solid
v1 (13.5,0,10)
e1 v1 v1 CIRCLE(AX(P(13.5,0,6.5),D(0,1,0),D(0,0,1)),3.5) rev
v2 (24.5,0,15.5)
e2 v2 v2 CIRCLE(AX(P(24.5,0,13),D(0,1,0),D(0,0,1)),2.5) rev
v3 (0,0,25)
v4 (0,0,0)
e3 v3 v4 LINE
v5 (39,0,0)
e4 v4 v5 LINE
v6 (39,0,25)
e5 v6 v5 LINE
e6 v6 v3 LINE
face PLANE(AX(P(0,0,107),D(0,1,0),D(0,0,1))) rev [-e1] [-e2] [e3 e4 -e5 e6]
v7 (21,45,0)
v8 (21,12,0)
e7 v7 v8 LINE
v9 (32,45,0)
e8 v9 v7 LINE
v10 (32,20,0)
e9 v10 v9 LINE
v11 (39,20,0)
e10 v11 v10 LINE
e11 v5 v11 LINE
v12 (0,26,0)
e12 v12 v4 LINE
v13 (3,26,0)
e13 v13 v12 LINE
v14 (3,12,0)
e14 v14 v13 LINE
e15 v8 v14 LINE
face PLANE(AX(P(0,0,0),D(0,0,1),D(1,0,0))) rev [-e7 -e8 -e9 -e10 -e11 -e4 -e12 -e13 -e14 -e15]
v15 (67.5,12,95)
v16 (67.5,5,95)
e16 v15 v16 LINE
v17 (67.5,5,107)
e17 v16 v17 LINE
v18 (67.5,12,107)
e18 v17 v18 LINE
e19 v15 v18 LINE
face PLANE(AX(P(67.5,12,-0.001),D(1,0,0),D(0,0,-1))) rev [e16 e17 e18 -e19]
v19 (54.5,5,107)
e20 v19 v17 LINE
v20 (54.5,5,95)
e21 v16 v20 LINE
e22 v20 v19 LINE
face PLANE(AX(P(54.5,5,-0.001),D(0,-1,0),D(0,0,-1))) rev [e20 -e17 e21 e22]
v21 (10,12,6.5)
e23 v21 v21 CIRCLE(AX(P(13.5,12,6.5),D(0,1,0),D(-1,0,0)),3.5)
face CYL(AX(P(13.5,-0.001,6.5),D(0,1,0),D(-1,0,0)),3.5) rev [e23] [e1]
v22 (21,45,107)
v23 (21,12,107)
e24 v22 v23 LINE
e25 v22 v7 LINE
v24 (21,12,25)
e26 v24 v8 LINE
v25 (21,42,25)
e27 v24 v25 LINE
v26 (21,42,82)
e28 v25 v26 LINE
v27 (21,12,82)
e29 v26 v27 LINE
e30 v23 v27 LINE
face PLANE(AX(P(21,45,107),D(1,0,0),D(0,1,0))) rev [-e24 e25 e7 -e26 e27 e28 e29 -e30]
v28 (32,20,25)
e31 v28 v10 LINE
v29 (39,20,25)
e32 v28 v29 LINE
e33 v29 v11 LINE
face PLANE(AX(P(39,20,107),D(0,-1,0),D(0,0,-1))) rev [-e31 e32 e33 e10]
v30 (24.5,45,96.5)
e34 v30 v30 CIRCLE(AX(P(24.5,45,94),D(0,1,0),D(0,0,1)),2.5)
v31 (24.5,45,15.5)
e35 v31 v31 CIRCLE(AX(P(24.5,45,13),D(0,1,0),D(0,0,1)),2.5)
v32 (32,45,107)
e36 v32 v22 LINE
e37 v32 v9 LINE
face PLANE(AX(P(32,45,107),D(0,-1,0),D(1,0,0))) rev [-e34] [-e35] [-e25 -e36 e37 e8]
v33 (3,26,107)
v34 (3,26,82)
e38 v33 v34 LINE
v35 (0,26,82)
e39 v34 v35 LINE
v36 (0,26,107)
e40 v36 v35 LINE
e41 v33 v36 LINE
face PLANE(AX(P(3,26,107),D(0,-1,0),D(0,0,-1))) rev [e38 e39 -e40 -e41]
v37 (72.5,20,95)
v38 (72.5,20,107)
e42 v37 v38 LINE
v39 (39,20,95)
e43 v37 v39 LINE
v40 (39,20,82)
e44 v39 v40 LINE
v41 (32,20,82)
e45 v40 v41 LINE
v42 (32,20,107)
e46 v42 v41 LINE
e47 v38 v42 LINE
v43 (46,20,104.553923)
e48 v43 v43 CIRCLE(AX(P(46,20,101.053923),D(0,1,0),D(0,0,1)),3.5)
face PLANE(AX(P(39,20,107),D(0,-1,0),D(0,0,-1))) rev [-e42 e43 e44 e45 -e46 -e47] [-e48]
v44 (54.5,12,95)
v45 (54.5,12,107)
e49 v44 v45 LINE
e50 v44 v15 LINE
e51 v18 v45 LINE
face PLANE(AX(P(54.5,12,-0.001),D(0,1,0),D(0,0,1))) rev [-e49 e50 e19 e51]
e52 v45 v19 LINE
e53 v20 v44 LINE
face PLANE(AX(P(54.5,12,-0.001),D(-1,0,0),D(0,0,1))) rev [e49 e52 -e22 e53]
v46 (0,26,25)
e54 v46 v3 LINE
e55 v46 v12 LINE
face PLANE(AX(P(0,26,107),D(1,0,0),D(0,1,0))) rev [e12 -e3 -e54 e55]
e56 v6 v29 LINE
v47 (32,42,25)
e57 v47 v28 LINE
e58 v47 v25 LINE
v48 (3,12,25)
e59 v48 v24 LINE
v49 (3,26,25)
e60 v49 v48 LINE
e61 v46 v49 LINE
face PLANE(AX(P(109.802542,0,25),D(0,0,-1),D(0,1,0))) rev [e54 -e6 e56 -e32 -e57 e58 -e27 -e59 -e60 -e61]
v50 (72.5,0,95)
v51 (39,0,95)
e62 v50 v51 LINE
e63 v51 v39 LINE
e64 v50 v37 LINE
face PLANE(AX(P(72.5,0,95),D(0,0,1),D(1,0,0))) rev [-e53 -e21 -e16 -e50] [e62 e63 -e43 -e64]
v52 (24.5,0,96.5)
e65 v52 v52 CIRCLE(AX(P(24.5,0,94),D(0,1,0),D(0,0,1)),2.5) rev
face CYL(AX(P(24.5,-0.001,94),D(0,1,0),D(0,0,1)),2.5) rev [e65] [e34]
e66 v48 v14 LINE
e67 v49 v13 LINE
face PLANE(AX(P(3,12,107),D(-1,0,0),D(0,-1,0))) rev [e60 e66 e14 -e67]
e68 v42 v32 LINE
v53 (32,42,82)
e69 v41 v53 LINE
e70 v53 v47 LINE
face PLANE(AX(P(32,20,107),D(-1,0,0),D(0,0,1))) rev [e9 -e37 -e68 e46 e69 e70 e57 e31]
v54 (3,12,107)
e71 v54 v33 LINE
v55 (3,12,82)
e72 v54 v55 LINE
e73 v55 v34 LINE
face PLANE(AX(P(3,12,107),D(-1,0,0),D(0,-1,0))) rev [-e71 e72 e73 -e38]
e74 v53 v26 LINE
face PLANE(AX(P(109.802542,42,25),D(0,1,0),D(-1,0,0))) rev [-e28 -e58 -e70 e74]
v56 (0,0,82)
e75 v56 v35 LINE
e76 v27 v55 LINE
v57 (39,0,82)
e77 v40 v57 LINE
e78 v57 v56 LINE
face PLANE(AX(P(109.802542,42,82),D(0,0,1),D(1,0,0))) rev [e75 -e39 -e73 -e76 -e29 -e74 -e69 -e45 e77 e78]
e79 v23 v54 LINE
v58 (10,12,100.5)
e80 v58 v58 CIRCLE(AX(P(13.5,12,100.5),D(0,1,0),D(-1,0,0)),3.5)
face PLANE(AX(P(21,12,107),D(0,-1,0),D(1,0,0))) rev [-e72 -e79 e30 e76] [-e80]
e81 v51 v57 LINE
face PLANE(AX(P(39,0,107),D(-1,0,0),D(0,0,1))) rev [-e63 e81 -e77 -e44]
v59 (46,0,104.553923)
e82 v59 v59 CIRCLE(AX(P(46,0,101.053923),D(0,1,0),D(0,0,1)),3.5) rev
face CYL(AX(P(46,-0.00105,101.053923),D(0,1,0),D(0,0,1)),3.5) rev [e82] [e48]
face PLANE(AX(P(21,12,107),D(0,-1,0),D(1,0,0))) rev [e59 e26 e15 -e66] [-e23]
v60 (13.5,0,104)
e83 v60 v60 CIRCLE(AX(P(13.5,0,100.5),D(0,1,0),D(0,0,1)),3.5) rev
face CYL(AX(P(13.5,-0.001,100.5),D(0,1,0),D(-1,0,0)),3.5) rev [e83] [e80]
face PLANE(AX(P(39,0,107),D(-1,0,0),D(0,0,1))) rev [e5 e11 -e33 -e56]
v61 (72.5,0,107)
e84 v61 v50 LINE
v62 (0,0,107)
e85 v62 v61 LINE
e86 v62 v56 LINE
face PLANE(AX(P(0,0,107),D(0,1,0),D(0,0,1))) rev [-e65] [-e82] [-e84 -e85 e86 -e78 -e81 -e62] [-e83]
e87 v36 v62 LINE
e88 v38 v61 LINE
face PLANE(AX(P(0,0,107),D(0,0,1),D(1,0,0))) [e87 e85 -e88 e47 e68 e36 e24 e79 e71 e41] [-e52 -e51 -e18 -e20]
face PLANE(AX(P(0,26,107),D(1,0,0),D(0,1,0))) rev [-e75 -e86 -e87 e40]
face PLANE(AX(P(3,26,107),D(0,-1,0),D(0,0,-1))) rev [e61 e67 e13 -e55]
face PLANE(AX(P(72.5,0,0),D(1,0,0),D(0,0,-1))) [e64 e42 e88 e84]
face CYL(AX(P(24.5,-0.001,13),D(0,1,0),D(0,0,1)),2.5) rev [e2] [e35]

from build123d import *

# Parameters (mm, degrees)
SALIENTE_EXTRUIR1_DEPTH = 107
CROQUIS3_W              = 57
CROQUIS3_H              = 42
CORTAR_EXTRUIR1_DEPTH   = 39
CORTAR_EXTRUIR2_REACH   = 47
CROQUIS2_R              = 2.5
CORTAR_EXTRUIR3_REACH   = 14
CROQUIS4_R              = 3.5
CROQUIS5_W              = 12
CROQUIS5_H              = 20
SALIENTE_EXTRUIR2_DEPTH = 33.5
CORTAR_EXTRUIR4_REACH   = 22
CROQUIS7_R              = 3.5
CORTAR_EXTRUIR5_REACH   = 109
CROQUIS8_W              = 13
CROQUIS8_H              = 7


with BuildPart() as part:
    # Croquis1 → Saliente-Extruir1 (new body)
    with BuildSketch(Plane.XY):
        Polygon((0, 0), (39, 0), (39, 20), (32, 20), (32, 45), (21, 45), (21, 12), (3, 12), (3, 26), (0, 26), align=None)
    extrude(amount=SALIENTE_EXTRUIR1_DEPTH)

    # Croquis3 → Cortar-Extruir1 (cut)
    with BuildSketch(Plane.ZY):
        with Locations((53.5, 21)):
            Rectangle(CROQUIS3_W, CROQUIS3_H)
    extrude(amount=-CORTAR_EXTRUIR1_DEPTH, mode=Mode.SUBTRACT)

    # Croquis2 → Cortar-Extruir2 (cut, up to next)
    with BuildSketch(Plane(origin=(0, 45, 0), x_dir=(1, 0, 0), z_dir=(0, 1, 0)), mode=Mode.PRIVATE) as cortar_extruir2_sk1:
        with Locations((24.5, -94)):
            Circle(CROQUIS2_R)
    cortar_extruir2_tool1 = extrude(cortar_extruir2_sk1.sketch, amount=-CORTAR_EXTRUIR2_REACH, mode=Mode.PRIVATE) & part.part
    add(cortar_extruir2_tool1.solids().sort_by_distance((24.5, 45, 94))[0], mode=Mode.SUBTRACT)
    # Croquis2 → Cortar-Extruir2 (cut, up to next)
    with BuildSketch(Plane(origin=(0, 45, 0), x_dir=(1, 0, 0), z_dir=(0, 1, 0)), mode=Mode.PRIVATE) as cortar_extruir2_sk2:
        with Locations((24.5, -13)):
            Circle(CROQUIS2_R)
    cortar_extruir2_tool2 = extrude(cortar_extruir2_sk2.sketch, amount=-CORTAR_EXTRUIR2_REACH, mode=Mode.PRIVATE) & part.part
    add(cortar_extruir2_tool2.solids().sort_by_distance((24.5, 45, 13))[0], mode=Mode.SUBTRACT)

    # Croquis4 → Cortar-Extruir3 (cut, up to next)
    with BuildSketch(Plane(origin=(0, 12, 0), x_dir=(1, 0, 0), z_dir=(0, 1, 0)), mode=Mode.PRIVATE) as cortar_extruir3_sk1:
        with Locations((13.5, -100.5)):
            Circle(CROQUIS4_R)
    cortar_extruir3_tool1 = extrude(cortar_extruir3_sk1.sketch, amount=-CORTAR_EXTRUIR3_REACH, mode=Mode.PRIVATE) & part.part
    add(cortar_extruir3_tool1.solids().sort_by_distance((13.5, 12, 100.5))[0], mode=Mode.SUBTRACT)
    # Croquis4 → Cortar-Extruir3 (cut, up to next)
    with BuildSketch(Plane(origin=(0, 12, 0), x_dir=(1, 0, 0), z_dir=(0, 1, 0)), mode=Mode.PRIVATE) as cortar_extruir3_sk2:
        with Locations((13.5, -6.5)):
            Circle(CROQUIS4_R)
    cortar_extruir3_tool2 = extrude(cortar_extruir3_sk2.sketch, amount=-CORTAR_EXTRUIR3_REACH, mode=Mode.PRIVATE) & part.part
    add(cortar_extruir3_tool2.solids().sort_by_distance((13.5, 12, 6.5))[0], mode=Mode.SUBTRACT)

    # Croquis5 → Saliente-Extruir2 (add)
    with BuildSketch(Plane(origin=(39, 0, 0), x_dir=(0, 0, -1), z_dir=(1, 0, 0))):
        with Locations((-101, 10)):
            Rectangle(CROQUIS5_W, CROQUIS5_H)
    extrude(amount=SALIENTE_EXTRUIR2_DEPTH)

    # Croquis7 → Cortar-Extruir4 (cut, up to next)
    with BuildSketch(Plane(origin=(0, 20, 0), x_dir=(1, 0, 0), z_dir=(0, 1, 0)), mode=Mode.PRIVATE) as cortar_extruir4_sk1:
        with Locations((46, -101.053923336)):
            Circle(CROQUIS7_R)
    cortar_extruir4_tool1 = extrude(cortar_extruir4_sk1.sketch, amount=-CORTAR_EXTRUIR4_REACH, mode=Mode.PRIVATE) & part.part
    add(cortar_extruir4_tool1.solids().sort_by_distance((46, 20, 101.053923))[0], mode=Mode.SUBTRACT)

    # Croquis8 → Cortar-Extruir5 (cut, up to next)
    with BuildSketch(Plane.XY.offset(107), mode=Mode.PRIVATE) as cortar_extruir5_sk1:
        with Locations((61, 8.5)):
            Rectangle(CROQUIS8_W, CROQUIS8_H)
    cortar_extruir5_tool1 = extrude(cortar_extruir5_sk1.sketch, amount=-CORTAR_EXTRUIR5_REACH, mode=Mode.PRIVATE) & part.part
    add(cortar_extruir5_tool1.solids().sort_by_distance((61, 8.5, 107))[0], mode=Mode.SUBTRACT)


solid = part.part
